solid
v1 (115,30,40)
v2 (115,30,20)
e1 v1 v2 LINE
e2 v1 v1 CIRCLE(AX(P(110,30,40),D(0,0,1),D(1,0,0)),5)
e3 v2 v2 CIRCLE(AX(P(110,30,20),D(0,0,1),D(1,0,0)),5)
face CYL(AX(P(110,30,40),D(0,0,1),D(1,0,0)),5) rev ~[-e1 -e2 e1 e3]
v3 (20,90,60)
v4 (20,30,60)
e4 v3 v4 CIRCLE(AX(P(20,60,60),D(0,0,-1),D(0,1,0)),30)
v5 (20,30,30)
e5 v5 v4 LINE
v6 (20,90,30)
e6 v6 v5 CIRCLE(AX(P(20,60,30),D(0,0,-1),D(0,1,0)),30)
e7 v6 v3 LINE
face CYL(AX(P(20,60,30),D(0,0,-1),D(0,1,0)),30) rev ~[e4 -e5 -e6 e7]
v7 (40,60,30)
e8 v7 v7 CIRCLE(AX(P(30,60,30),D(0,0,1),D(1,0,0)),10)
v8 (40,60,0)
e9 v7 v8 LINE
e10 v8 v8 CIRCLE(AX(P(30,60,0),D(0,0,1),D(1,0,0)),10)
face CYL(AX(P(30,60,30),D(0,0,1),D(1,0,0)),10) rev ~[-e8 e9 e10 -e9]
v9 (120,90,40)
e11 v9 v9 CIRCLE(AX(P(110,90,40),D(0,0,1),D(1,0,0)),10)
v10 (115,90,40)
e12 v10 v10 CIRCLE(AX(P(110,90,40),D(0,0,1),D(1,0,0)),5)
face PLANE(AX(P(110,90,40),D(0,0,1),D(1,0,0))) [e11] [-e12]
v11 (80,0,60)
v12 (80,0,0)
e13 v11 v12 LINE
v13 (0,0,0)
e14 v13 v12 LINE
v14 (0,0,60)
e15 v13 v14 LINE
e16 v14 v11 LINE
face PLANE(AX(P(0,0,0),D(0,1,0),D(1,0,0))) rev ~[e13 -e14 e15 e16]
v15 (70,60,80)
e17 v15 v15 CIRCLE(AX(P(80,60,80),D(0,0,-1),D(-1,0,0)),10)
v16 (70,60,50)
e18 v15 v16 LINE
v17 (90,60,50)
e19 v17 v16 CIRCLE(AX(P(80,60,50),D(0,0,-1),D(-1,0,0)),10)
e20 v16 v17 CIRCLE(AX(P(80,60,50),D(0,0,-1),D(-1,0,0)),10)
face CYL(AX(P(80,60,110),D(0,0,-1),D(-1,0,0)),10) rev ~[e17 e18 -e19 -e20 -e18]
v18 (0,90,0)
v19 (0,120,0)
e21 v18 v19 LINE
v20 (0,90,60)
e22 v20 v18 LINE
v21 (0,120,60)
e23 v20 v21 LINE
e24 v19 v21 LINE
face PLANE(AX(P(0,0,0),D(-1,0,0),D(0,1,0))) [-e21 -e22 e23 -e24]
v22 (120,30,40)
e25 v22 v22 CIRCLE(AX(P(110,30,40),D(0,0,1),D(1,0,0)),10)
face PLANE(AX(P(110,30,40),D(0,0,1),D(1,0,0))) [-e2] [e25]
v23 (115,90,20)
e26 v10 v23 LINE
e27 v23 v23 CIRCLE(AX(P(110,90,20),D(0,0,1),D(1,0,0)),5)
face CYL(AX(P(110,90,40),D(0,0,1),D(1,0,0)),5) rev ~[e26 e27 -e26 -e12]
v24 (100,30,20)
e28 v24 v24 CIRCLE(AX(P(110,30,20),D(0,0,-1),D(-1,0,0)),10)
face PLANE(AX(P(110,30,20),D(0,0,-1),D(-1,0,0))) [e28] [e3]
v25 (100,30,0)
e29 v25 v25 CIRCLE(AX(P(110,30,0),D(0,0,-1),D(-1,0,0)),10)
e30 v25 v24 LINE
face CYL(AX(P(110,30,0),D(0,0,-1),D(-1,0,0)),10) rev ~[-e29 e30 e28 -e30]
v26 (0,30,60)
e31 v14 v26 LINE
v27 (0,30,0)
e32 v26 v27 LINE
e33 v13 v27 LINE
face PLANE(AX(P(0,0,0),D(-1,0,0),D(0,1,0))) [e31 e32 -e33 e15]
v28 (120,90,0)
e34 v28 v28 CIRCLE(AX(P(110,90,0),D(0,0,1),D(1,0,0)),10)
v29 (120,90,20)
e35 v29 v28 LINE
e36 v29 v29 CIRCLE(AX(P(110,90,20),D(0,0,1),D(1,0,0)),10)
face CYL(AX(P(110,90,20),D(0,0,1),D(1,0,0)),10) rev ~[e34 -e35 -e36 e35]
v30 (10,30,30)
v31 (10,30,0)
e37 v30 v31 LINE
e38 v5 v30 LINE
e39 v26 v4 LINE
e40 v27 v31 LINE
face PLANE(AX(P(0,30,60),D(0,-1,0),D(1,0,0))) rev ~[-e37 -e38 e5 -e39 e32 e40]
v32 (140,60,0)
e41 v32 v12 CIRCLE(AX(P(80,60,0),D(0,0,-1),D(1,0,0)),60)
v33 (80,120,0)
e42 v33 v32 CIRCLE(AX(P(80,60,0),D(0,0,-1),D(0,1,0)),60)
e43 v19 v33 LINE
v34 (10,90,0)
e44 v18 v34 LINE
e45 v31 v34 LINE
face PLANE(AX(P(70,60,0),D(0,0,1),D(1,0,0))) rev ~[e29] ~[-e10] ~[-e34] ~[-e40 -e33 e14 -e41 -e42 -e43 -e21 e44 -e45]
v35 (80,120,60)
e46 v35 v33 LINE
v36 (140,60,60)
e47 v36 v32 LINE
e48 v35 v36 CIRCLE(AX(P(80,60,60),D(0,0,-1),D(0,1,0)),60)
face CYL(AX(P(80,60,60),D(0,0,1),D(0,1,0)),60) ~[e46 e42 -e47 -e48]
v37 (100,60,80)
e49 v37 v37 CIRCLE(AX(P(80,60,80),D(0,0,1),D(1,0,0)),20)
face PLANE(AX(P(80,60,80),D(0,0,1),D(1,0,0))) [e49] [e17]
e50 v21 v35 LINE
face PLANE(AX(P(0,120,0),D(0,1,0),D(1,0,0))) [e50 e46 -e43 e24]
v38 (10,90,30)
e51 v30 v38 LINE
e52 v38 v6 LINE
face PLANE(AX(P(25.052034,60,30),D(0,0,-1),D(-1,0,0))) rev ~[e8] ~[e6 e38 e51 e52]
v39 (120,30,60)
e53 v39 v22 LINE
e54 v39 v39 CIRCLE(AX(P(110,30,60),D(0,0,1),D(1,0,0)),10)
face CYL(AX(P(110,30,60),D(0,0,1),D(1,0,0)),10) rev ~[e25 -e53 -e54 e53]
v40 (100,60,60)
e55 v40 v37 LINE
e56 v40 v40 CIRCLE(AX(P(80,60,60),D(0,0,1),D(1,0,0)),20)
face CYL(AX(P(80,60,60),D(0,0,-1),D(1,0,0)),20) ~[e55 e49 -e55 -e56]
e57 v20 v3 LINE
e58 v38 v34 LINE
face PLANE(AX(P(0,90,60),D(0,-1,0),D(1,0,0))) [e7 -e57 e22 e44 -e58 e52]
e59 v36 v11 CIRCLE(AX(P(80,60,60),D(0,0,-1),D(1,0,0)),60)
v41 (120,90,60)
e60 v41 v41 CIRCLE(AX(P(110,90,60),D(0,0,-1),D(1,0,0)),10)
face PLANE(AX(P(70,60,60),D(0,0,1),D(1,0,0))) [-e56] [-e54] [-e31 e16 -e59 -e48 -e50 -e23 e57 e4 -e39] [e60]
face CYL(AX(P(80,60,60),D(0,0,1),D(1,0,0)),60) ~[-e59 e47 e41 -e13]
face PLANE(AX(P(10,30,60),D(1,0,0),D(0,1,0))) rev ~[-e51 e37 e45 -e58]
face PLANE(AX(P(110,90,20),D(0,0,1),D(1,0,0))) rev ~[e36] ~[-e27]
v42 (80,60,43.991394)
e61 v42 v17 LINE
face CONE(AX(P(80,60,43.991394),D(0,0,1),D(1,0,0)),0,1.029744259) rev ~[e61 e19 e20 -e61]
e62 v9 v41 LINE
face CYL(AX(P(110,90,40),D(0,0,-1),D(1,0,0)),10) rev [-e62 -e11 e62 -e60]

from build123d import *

# Parameters (mm, degrees)
SKETCH1_W                  = 140
SKETCH1_H                  = 120
BOSS_EXTRUDE1_DEPTH        = 60
SKETCH2_W                  = 10
SKETCH2_H                  = 60
CUT_EXTRUDE1_DEPTH         = 60
CUT_EXTRUDE2_DEPTH         = 60
SKETCH4_R                  = 10
CUT_EXTRUDE3_DEPTH         = 60
SKETCH5_R                  = 10
CUT_EXTRUDE4_DEPTH         = 60
SKETCH6_R                  = 10
CUT_EXTRUDE5_DEPTH         = 60
SKETCH7_R                  = 5
CUT_EXTRUDE6_DEPTH         = 60
SKETCH8_R                  = 10
CUT_EXTRUDE7_DEPTH         = 20
SKETCH9_R                  = 5
CUT_EXTRUDE8_DEPTH         = 47
SKETCH10_R                 = 10
CUT_EXTRUDE9_DEPTH         = 20
SKETCH11_R                 = 20
BOSS_EXTRUDE2_DEPTH        = 20
F_20_0MM_DOWEL_HOLE1_D     = 20
F_20_0MM_DOWEL_HOLE1_DEPTH = 30
F_20_0MM_DOWEL_HOLE1_TIP   = 6.00860619


with BuildPart() as part:
    # Sketch1 → Boss-Extrude1 (new body)
    with BuildSketch(Plane.XY):
        with Locations((70, 60)):
            Rectangle(SKETCH1_W, SKETCH1_H)
    extrude(amount=BOSS_EXTRUDE1_DEPTH)

    # Sketch2 → Cut-Extrude1 (cut)
    with BuildSketch(Plane.XY.offset(60)):
        with BuildLine():
            Line((140, 120), (80, 120))
            ThreePointArc((80, 120), (122.426406871, 102.426406871), (140, 60))
            Line((140, 60), (140, 120))
        make_face()
        with BuildLine():
            Line((140, 0), (140, 60))
            ThreePointArc((140, 60), (122.426406871, 17.573593129), (80, 0))
            Line((80, 0), (140, 0))
        make_face()
        with Locations((5, 60)):
            Rectangle(SKETCH2_W, SKETCH2_H)
    extrude(amount=-CUT_EXTRUDE1_DEPTH, mode=Mode.SUBTRACT)

    # Sketch3 → Cut-Extrude2 (cut)
    with BuildSketch(Plane.XY.offset(30)):
        with BuildLine():
            ThreePointArc((20, 90), (50, 60), (20, 30))
            Line((20, 30), (10, 30))
            Line((10, 30), (10, 90))
            Line((10, 90), (20, 90))
        make_face()
    extrude(amount=CUT_EXTRUDE2_DEPTH, mode=Mode.SUBTRACT)

    # Sketch4 → Cut-Extrude3 (cut)
    with BuildSketch(Plane.XY.offset(30)):
        with Locations((30, 60)):
            Circle(SKETCH4_R)
    extrude(amount=-CUT_EXTRUDE3_DEPTH, mode=Mode.SUBTRACT)

    # Sketch5 → Cut-Extrude4 (cut)
    with BuildSketch(Plane.XY.offset(20)):
        with Locations((110, 90)):
            Circle(SKETCH5_R)
    extrude(amount=-CUT_EXTRUDE4_DEPTH, mode=Mode.SUBTRACT)

    # Sketch6 → Cut-Extrude5 (cut)
    with BuildSketch(Plane.XY.offset(40)):
        with Locations((110, 90)):
            Circle(SKETCH6_R)
    extrude(amount=CUT_EXTRUDE5_DEPTH, mode=Mode.SUBTRACT)

    # Sketch7 → Cut-Extrude6 (cut)
    with BuildSketch(Plane.XY.offset(40)):
        with Locations((110, 90)):
            Circle(SKETCH7_R)
    extrude(amount=-CUT_EXTRUDE6_DEPTH, mode=Mode.SUBTRACT)

    # Sketch8 → Cut-Extrude7 (cut)
    with BuildSketch(Plane.XY.offset(60)):
        with Locations((110, 30)):
            Circle(SKETCH8_R)
    extrude(amount=-CUT_EXTRUDE7_DEPTH, mode=Mode.SUBTRACT)

    # Sketch9 → Cut-Extrude8 (cut)
    with BuildSketch(Plane.XY.offset(40)):
        with Locations((110, 30)):
            Circle(SKETCH9_R)
    extrude(amount=-CUT_EXTRUDE8_DEPTH, mode=Mode.SUBTRACT)

    # Sketch10 → Cut-Extrude9 (cut)
    with BuildSketch(Plane(origin=(0, 0, 0), x_dir=(-1, 0, 0), z_dir=(0, 0, -1))):
        with Locations((-110, 30)):
            Circle(SKETCH10_R)
    extrude(amount=-CUT_EXTRUDE9_DEPTH, mode=Mode.SUBTRACT)

    # Sketch11 → Boss-Extrude2 (add)
    with BuildSketch(Plane.XY.offset(60)):
        with Locations((80, 60)):
            Circle(SKETCH11_R)
    extrude(amount=BOSS_EXTRUDE2_DEPTH)

    # Ø20.0mm Dowel Hole1
    with Locations(Plane(origin=(80, 60, 80), x_dir=(1, 0, 0), z_dir=(0, 0, 1))):
        with Locations((0, 0)):
            Hole(F_20_0MM_DOWEL_HOLE1_D / 2, depth=F_20_0MM_DOWEL_HOLE1_DEPTH)
            with Locations((0, 0, -(F_20_0MM_DOWEL_HOLE1_DEPTH + F_20_0MM_DOWEL_HOLE1_TIP / 2))):  # 118° drill point
                Cone(0, F_20_0MM_DOWEL_HOLE1_D / 2, F_20_0MM_DOWEL_HOLE1_TIP, mode=Mode.SUBTRACT)


solid = part.part
